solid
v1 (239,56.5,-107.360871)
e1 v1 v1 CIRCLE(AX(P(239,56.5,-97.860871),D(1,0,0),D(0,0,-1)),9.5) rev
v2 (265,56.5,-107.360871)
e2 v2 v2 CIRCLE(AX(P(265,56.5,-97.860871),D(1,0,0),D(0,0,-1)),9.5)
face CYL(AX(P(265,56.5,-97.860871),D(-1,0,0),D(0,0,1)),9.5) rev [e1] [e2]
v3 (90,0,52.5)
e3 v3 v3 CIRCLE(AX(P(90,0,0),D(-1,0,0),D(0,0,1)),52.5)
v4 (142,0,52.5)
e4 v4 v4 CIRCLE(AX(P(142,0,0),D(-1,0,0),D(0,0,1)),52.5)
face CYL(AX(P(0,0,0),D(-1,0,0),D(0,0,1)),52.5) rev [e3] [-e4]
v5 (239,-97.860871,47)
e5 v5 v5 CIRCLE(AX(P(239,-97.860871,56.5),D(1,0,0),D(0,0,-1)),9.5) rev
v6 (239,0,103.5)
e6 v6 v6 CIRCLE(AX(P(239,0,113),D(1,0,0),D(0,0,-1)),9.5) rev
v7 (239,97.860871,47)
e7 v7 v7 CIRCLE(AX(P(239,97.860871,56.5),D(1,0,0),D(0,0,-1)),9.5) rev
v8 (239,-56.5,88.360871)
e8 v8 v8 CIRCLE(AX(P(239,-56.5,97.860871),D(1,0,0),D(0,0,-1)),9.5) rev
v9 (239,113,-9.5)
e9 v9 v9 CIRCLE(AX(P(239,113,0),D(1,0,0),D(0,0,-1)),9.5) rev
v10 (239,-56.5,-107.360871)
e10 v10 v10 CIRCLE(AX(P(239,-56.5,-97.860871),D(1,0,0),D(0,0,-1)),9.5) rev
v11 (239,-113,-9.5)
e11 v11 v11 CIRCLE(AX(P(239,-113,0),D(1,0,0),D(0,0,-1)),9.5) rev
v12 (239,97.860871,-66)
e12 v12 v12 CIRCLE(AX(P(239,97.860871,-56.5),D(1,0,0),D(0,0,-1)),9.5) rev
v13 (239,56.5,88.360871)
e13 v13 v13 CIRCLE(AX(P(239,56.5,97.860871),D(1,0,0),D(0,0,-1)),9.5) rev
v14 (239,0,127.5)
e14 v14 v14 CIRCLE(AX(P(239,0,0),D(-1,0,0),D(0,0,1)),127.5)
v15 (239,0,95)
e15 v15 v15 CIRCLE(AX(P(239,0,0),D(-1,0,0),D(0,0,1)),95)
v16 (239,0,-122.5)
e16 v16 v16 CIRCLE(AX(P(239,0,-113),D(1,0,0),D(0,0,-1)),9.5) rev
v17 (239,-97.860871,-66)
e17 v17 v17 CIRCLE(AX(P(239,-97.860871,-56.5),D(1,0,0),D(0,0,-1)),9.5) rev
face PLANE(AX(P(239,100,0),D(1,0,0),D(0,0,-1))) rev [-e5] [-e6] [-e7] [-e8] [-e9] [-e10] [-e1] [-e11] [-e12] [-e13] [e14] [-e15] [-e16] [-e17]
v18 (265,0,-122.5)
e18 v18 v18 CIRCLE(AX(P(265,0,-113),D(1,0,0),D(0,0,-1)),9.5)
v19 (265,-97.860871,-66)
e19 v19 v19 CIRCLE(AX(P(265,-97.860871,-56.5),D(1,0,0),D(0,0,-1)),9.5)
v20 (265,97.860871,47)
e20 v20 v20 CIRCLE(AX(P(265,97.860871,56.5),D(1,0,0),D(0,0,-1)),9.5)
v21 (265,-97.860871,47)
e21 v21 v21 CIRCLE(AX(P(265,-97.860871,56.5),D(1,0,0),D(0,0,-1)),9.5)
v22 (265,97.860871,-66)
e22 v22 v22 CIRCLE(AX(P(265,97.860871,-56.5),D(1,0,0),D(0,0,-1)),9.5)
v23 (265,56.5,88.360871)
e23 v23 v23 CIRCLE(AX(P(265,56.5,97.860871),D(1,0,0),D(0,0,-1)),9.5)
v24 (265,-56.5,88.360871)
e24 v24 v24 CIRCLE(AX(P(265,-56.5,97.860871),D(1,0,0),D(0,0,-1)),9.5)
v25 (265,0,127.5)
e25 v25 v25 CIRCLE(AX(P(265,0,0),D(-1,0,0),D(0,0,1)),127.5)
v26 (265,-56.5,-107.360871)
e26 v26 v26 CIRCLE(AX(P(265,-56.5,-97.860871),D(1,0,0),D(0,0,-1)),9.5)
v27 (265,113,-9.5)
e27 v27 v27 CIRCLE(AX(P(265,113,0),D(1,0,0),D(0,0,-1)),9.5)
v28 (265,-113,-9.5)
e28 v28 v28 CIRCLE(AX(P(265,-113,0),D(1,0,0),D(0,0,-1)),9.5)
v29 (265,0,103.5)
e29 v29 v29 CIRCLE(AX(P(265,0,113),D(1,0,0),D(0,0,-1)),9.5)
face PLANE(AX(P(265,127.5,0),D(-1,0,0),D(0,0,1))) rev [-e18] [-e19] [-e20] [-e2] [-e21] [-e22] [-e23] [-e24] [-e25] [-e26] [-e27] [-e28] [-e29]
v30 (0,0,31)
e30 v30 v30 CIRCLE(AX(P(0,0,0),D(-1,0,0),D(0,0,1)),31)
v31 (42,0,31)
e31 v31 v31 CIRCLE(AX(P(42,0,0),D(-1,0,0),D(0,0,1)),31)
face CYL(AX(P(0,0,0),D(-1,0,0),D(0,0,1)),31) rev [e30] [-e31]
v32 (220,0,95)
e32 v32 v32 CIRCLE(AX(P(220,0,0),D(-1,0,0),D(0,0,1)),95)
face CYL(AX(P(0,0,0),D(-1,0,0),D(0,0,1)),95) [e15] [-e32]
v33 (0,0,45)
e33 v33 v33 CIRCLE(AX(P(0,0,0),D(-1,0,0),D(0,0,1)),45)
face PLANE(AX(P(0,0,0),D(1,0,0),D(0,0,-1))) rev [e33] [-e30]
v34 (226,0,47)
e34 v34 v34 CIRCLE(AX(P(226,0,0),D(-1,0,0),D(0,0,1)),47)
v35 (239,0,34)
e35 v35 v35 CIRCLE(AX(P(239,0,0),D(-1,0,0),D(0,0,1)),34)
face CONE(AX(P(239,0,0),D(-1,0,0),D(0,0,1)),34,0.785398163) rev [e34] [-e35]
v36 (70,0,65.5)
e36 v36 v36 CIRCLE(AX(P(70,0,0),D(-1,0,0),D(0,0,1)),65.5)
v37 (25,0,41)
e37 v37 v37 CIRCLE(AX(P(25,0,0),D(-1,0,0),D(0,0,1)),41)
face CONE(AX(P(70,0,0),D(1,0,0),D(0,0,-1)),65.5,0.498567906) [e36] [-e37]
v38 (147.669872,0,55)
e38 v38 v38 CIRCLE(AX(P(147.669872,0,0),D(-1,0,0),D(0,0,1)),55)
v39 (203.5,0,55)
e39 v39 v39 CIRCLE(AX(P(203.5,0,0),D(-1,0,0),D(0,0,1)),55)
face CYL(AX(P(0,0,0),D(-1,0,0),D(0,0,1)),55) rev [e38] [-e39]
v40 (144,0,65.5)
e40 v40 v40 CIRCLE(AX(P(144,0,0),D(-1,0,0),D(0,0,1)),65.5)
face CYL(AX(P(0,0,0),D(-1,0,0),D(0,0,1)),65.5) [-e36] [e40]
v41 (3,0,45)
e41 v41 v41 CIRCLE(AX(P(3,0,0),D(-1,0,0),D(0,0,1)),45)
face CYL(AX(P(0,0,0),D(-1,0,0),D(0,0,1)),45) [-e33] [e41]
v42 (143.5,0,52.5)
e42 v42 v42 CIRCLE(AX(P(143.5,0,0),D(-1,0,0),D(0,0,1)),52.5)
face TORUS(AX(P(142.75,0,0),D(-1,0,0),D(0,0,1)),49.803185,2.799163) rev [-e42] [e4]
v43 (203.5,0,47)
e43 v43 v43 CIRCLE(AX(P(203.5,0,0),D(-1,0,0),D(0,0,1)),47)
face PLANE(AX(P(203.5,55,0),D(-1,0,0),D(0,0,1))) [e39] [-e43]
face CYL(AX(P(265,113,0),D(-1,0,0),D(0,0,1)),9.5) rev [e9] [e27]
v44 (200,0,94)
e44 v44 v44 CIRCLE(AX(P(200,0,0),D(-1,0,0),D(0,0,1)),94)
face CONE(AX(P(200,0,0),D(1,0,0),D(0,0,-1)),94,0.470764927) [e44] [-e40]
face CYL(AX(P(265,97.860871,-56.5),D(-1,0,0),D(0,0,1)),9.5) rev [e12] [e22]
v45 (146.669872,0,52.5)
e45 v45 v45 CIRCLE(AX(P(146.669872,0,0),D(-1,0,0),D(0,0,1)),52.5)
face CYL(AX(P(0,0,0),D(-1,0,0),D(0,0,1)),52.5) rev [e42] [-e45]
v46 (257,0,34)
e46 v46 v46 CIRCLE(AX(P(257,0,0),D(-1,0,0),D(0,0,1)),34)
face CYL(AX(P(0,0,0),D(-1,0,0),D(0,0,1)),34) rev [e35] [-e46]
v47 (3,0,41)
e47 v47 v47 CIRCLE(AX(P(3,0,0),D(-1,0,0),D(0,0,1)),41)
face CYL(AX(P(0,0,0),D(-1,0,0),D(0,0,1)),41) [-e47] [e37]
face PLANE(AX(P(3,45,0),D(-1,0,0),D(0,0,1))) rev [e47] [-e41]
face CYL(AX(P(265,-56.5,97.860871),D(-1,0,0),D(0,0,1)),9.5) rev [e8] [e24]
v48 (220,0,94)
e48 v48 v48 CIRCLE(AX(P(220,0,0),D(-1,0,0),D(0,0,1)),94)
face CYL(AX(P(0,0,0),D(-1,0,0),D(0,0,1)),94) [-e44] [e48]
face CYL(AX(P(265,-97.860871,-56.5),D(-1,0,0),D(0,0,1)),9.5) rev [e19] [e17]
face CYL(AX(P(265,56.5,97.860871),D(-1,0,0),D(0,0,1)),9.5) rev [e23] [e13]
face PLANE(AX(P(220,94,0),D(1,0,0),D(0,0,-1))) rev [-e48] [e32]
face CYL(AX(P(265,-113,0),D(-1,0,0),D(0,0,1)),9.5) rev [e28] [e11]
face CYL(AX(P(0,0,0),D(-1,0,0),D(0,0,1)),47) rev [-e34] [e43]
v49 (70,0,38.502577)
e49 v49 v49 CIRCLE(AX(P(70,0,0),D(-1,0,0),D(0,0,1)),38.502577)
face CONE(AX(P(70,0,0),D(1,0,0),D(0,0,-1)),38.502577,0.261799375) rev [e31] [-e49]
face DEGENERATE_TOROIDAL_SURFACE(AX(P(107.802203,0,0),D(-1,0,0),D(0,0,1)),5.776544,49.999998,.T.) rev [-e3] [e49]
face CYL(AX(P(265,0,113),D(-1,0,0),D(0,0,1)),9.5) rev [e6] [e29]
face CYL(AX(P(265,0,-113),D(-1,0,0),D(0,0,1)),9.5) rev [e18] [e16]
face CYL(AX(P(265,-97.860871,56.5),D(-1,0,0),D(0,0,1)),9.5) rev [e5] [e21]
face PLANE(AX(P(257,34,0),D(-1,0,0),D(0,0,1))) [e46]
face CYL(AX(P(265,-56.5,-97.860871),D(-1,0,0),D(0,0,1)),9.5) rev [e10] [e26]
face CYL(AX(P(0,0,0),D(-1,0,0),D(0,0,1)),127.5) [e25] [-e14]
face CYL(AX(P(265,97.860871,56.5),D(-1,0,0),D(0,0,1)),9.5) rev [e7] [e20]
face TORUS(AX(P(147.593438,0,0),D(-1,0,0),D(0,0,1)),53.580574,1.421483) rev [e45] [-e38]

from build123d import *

# Parameters (mm, degrees)
SKETCH_3_R           = 9.5
CUT_EXTRUDE_1_DEPTH  = 321.526909947
SKETCH_4_R           = 9.5
CUT_EXTRUDE_2_DEPTH  = 321.526909947
SKETCH_5_R           = 9.5
CUT_EXTRUDE_3_DEPTH  = 321.526909947
SKETCH_6_R           = 9.5
CUT_EXTRUDE_4_DEPTH  = 321.526909947
SKETCH_7_R           = 9.5
CUT_EXTRUDE_5_DEPTH  = 321.526909947
SKETCH_8_R           = 9.5
CUT_EXTRUDE_6_DEPTH  = 321.526909947
SKETCH_9_R           = 9.5
CUT_EXTRUDE_7_DEPTH  = 321.526909947
SKETCH_10_R          = 9.5
CUT_EXTRUDE_8_DEPTH  = 321.526909947
SKETCH_11_R          = 9.5
CUT_EXTRUDE_9_DEPTH  = 321.526909947
SKETCH_12_R          = 9.5
CUT_EXTRUDE_10_DEPTH = 321.526909947
SKETCH_13_R          = 9.5
CUT_EXTRUDE_11_DEPTH = 321.526909947
SKETCH_14_R          = 9.5
CUT_EXTRUDE_12_DEPTH = 321.526909947


with BuildPart() as part:
    # Эскиз1 → Повернуть1 (revolve)
    with BuildSketch(Plane.XY, mode=Mode.PRIVATE) as revolve_1_sk:
        Polygon((0, 0), (265, 0), (265, 127.5), (239, 127.5), (239, 100), (239, 95), (220, 95), (220, 94), (200, 94), (144, 65.5), (70, 65.5), (25, 41), (3, 41), (3, 45), (0, 45), align=None)
    revolve(revolve_1_sk.sketch.rotate(Axis((0, 0, 0), (1, 0, 0)), 90), axis=Axis((0, 0, 0), (1, 0, 0)))

    # Эскиз2 → Вырез-Повернуть1 (revolve, cut)
    with BuildSketch(Plane.XY, mode=Mode.PRIVATE) as cut_revolve_1_sk:
        with BuildLine():
            Line((0, 0), (257, 0))
            Line((257, 0), (257, 34))
            Line((257, 34), (239, 34))
            Line((239, 34), (226, 47))
            Line((226, 47), (203.5, 47))
            Line((203.5, 47), (203.5, 55))
            Line((203.5, 55), (147.669872, 55))
            ThreePointArc((147.669872, 55), (146.273624348, 54.108499061), (146.669872, 52.5))
            Line((146.669872, 52.5), (143.5, 52.5))
            ThreePointArc((143.5, 52.5), (142.75, 52.602347572), (142, 52.5))
            Line((142, 52.5), (90, 52.5))
            ThreePointArc((90, 52.5), (79.13262933, 46.740617582), (70, 38.502577))
            Line((70, 38.502577), (42, 31))
            Line((42, 31), (0, 31))
            Line((0, 31), (0, 0))
        make_face()
    revolve(cut_revolve_1_sk.sketch.rotate(Axis((0, 0, 0), (1, 0, 0)), 90), axis=Axis((0, 0, 0), (1, 0, 0)), mode=Mode.SUBTRACT)

    # Эскиз3 → Вырез-Вытянуть1 (cut, through all)
    with BuildSketch(Plane(origin=(0, 0, 0), x_dir=(0, 0, -1), z_dir=(1, 0, 0))):
        with Locations((0, 113)):
            Circle(SKETCH_3_R)
    extrude(amount=CUT_EXTRUDE_1_DEPTH, mode=Mode.SUBTRACT)

    # Эскиз4 → Вырез-Вытянуть2 (cut, through all)
    with BuildSketch(Plane(origin=(0, 0, 0), x_dir=(0, 0, -1), z_dir=(1, 0, 0))):
        with Locations((-56.5, 97.860870628)):
            Circle(SKETCH_4_R)
    extrude(amount=CUT_EXTRUDE_2_DEPTH, mode=Mode.SUBTRACT)

    # Эскиз5 → Вырез-Вытянуть3 (cut, through all)
    with BuildSketch(Plane(origin=(0, 0, 0), x_dir=(0, 0, -1), z_dir=(1, 0, 0))):
        with Locations((-97.860870628, 56.5)):
            Circle(SKETCH_5_R)
    extrude(amount=CUT_EXTRUDE_3_DEPTH, mode=Mode.SUBTRACT)

    # Эскиз6 → Вырез-Вытянуть4 (cut, through all)
    with BuildSketch(Plane(origin=(0, 0, 0), x_dir=(0, 0, -1), z_dir=(1, 0, 0))):
        with Locations((-113, 0)):
            Circle(SKETCH_6_R)
    extrude(amount=CUT_EXTRUDE_4_DEPTH, mode=Mode.SUBTRACT)

    # Эскиз7 → Вырез-Вытянуть5 (cut, through all)
    with BuildSketch(Plane(origin=(0, 0, 0), x_dir=(0, 0, -1), z_dir=(1, 0, 0))):
        with Locations((-97.860870628, -56.5)):
            Circle(SKETCH_7_R)
    extrude(amount=CUT_EXTRUDE_5_DEPTH, mode=Mode.SUBTRACT)

    # Эскиз8 → Вырез-Вытянуть6 (cut, through all)
    with BuildSketch(Plane(origin=(0, 0, 0), x_dir=(0, 0, -1), z_dir=(1, 0, 0))):
        with Locations((-56.5, -97.860870628)):
            Circle(SKETCH_8_R)
    extrude(amount=CUT_EXTRUDE_6_DEPTH, mode=Mode.SUBTRACT)

    # Эскиз9 → Вырез-Вытянуть7 (cut, through all)
    with BuildSketch(Plane(origin=(0, 0, 0), x_dir=(0, 0, -1), z_dir=(1, 0, 0))):
        with Locations((0, -113)):
            Circle(SKETCH_9_R)
    extrude(amount=CUT_EXTRUDE_7_DEPTH, mode=Mode.SUBTRACT)

    # Эскиз10 → Вырез-Вытянуть8 (cut, through all)
    with BuildSketch(Plane(origin=(0, 0, 0), x_dir=(0, 0, -1), z_dir=(1, 0, 0))):
        with Locations((56.5, -97.860870628)):
            Circle(SKETCH_10_R)
    extrude(amount=CUT_EXTRUDE_8_DEPTH, mode=Mode.SUBTRACT)

    # Эскиз11 → Вырез-Вытянуть9 (cut, through all)
    with BuildSketch(Plane(origin=(0, 0, 0), x_dir=(0, 0, -1), z_dir=(1, 0, 0))):
        with Locations((97.860870628, -56.5)):
            Circle(SKETCH_11_R)
    extrude(amount=CUT_EXTRUDE_9_DEPTH, mode=Mode.SUBTRACT)

    # Эскиз12 → Вырез-Вытянуть10 (cut, through all)
    with BuildSketch(Plane(origin=(0, 0, 0), x_dir=(0, 0, -1), z_dir=(1, 0, 0))):
        with Locations((113, 0)):
            Circle(SKETCH_12_R)
    extrude(amount=CUT_EXTRUDE_10_DEPTH, mode=Mode.SUBTRACT)

    # Эскиз13 → Вырез-Вытянуть11 (cut, through all)
    with BuildSketch(Plane(origin=(0, 0, 0), x_dir=(0, 0, -1), z_dir=(1, 0, 0))):
        with Locations((97.860870628, 56.5)):
            Circle(SKETCH_13_R)
    extrude(amount=CUT_EXTRUDE_11_DEPTH, mode=Mode.SUBTRACT)

    # Эскиз14 → Вырез-Вытянуть12 (cut, through all)
    with BuildSketch(Plane(origin=(0, 0, 0), x_dir=(0, 0, -1), z_dir=(1, 0, 0))):
        with Locations((56.5, 97.860870628)):
            Circle(SKETCH_14_R)
    extrude(amount=CUT_EXTRUDE_12_DEPTH, mode=Mode.SUBTRACT)


solid = part.part
